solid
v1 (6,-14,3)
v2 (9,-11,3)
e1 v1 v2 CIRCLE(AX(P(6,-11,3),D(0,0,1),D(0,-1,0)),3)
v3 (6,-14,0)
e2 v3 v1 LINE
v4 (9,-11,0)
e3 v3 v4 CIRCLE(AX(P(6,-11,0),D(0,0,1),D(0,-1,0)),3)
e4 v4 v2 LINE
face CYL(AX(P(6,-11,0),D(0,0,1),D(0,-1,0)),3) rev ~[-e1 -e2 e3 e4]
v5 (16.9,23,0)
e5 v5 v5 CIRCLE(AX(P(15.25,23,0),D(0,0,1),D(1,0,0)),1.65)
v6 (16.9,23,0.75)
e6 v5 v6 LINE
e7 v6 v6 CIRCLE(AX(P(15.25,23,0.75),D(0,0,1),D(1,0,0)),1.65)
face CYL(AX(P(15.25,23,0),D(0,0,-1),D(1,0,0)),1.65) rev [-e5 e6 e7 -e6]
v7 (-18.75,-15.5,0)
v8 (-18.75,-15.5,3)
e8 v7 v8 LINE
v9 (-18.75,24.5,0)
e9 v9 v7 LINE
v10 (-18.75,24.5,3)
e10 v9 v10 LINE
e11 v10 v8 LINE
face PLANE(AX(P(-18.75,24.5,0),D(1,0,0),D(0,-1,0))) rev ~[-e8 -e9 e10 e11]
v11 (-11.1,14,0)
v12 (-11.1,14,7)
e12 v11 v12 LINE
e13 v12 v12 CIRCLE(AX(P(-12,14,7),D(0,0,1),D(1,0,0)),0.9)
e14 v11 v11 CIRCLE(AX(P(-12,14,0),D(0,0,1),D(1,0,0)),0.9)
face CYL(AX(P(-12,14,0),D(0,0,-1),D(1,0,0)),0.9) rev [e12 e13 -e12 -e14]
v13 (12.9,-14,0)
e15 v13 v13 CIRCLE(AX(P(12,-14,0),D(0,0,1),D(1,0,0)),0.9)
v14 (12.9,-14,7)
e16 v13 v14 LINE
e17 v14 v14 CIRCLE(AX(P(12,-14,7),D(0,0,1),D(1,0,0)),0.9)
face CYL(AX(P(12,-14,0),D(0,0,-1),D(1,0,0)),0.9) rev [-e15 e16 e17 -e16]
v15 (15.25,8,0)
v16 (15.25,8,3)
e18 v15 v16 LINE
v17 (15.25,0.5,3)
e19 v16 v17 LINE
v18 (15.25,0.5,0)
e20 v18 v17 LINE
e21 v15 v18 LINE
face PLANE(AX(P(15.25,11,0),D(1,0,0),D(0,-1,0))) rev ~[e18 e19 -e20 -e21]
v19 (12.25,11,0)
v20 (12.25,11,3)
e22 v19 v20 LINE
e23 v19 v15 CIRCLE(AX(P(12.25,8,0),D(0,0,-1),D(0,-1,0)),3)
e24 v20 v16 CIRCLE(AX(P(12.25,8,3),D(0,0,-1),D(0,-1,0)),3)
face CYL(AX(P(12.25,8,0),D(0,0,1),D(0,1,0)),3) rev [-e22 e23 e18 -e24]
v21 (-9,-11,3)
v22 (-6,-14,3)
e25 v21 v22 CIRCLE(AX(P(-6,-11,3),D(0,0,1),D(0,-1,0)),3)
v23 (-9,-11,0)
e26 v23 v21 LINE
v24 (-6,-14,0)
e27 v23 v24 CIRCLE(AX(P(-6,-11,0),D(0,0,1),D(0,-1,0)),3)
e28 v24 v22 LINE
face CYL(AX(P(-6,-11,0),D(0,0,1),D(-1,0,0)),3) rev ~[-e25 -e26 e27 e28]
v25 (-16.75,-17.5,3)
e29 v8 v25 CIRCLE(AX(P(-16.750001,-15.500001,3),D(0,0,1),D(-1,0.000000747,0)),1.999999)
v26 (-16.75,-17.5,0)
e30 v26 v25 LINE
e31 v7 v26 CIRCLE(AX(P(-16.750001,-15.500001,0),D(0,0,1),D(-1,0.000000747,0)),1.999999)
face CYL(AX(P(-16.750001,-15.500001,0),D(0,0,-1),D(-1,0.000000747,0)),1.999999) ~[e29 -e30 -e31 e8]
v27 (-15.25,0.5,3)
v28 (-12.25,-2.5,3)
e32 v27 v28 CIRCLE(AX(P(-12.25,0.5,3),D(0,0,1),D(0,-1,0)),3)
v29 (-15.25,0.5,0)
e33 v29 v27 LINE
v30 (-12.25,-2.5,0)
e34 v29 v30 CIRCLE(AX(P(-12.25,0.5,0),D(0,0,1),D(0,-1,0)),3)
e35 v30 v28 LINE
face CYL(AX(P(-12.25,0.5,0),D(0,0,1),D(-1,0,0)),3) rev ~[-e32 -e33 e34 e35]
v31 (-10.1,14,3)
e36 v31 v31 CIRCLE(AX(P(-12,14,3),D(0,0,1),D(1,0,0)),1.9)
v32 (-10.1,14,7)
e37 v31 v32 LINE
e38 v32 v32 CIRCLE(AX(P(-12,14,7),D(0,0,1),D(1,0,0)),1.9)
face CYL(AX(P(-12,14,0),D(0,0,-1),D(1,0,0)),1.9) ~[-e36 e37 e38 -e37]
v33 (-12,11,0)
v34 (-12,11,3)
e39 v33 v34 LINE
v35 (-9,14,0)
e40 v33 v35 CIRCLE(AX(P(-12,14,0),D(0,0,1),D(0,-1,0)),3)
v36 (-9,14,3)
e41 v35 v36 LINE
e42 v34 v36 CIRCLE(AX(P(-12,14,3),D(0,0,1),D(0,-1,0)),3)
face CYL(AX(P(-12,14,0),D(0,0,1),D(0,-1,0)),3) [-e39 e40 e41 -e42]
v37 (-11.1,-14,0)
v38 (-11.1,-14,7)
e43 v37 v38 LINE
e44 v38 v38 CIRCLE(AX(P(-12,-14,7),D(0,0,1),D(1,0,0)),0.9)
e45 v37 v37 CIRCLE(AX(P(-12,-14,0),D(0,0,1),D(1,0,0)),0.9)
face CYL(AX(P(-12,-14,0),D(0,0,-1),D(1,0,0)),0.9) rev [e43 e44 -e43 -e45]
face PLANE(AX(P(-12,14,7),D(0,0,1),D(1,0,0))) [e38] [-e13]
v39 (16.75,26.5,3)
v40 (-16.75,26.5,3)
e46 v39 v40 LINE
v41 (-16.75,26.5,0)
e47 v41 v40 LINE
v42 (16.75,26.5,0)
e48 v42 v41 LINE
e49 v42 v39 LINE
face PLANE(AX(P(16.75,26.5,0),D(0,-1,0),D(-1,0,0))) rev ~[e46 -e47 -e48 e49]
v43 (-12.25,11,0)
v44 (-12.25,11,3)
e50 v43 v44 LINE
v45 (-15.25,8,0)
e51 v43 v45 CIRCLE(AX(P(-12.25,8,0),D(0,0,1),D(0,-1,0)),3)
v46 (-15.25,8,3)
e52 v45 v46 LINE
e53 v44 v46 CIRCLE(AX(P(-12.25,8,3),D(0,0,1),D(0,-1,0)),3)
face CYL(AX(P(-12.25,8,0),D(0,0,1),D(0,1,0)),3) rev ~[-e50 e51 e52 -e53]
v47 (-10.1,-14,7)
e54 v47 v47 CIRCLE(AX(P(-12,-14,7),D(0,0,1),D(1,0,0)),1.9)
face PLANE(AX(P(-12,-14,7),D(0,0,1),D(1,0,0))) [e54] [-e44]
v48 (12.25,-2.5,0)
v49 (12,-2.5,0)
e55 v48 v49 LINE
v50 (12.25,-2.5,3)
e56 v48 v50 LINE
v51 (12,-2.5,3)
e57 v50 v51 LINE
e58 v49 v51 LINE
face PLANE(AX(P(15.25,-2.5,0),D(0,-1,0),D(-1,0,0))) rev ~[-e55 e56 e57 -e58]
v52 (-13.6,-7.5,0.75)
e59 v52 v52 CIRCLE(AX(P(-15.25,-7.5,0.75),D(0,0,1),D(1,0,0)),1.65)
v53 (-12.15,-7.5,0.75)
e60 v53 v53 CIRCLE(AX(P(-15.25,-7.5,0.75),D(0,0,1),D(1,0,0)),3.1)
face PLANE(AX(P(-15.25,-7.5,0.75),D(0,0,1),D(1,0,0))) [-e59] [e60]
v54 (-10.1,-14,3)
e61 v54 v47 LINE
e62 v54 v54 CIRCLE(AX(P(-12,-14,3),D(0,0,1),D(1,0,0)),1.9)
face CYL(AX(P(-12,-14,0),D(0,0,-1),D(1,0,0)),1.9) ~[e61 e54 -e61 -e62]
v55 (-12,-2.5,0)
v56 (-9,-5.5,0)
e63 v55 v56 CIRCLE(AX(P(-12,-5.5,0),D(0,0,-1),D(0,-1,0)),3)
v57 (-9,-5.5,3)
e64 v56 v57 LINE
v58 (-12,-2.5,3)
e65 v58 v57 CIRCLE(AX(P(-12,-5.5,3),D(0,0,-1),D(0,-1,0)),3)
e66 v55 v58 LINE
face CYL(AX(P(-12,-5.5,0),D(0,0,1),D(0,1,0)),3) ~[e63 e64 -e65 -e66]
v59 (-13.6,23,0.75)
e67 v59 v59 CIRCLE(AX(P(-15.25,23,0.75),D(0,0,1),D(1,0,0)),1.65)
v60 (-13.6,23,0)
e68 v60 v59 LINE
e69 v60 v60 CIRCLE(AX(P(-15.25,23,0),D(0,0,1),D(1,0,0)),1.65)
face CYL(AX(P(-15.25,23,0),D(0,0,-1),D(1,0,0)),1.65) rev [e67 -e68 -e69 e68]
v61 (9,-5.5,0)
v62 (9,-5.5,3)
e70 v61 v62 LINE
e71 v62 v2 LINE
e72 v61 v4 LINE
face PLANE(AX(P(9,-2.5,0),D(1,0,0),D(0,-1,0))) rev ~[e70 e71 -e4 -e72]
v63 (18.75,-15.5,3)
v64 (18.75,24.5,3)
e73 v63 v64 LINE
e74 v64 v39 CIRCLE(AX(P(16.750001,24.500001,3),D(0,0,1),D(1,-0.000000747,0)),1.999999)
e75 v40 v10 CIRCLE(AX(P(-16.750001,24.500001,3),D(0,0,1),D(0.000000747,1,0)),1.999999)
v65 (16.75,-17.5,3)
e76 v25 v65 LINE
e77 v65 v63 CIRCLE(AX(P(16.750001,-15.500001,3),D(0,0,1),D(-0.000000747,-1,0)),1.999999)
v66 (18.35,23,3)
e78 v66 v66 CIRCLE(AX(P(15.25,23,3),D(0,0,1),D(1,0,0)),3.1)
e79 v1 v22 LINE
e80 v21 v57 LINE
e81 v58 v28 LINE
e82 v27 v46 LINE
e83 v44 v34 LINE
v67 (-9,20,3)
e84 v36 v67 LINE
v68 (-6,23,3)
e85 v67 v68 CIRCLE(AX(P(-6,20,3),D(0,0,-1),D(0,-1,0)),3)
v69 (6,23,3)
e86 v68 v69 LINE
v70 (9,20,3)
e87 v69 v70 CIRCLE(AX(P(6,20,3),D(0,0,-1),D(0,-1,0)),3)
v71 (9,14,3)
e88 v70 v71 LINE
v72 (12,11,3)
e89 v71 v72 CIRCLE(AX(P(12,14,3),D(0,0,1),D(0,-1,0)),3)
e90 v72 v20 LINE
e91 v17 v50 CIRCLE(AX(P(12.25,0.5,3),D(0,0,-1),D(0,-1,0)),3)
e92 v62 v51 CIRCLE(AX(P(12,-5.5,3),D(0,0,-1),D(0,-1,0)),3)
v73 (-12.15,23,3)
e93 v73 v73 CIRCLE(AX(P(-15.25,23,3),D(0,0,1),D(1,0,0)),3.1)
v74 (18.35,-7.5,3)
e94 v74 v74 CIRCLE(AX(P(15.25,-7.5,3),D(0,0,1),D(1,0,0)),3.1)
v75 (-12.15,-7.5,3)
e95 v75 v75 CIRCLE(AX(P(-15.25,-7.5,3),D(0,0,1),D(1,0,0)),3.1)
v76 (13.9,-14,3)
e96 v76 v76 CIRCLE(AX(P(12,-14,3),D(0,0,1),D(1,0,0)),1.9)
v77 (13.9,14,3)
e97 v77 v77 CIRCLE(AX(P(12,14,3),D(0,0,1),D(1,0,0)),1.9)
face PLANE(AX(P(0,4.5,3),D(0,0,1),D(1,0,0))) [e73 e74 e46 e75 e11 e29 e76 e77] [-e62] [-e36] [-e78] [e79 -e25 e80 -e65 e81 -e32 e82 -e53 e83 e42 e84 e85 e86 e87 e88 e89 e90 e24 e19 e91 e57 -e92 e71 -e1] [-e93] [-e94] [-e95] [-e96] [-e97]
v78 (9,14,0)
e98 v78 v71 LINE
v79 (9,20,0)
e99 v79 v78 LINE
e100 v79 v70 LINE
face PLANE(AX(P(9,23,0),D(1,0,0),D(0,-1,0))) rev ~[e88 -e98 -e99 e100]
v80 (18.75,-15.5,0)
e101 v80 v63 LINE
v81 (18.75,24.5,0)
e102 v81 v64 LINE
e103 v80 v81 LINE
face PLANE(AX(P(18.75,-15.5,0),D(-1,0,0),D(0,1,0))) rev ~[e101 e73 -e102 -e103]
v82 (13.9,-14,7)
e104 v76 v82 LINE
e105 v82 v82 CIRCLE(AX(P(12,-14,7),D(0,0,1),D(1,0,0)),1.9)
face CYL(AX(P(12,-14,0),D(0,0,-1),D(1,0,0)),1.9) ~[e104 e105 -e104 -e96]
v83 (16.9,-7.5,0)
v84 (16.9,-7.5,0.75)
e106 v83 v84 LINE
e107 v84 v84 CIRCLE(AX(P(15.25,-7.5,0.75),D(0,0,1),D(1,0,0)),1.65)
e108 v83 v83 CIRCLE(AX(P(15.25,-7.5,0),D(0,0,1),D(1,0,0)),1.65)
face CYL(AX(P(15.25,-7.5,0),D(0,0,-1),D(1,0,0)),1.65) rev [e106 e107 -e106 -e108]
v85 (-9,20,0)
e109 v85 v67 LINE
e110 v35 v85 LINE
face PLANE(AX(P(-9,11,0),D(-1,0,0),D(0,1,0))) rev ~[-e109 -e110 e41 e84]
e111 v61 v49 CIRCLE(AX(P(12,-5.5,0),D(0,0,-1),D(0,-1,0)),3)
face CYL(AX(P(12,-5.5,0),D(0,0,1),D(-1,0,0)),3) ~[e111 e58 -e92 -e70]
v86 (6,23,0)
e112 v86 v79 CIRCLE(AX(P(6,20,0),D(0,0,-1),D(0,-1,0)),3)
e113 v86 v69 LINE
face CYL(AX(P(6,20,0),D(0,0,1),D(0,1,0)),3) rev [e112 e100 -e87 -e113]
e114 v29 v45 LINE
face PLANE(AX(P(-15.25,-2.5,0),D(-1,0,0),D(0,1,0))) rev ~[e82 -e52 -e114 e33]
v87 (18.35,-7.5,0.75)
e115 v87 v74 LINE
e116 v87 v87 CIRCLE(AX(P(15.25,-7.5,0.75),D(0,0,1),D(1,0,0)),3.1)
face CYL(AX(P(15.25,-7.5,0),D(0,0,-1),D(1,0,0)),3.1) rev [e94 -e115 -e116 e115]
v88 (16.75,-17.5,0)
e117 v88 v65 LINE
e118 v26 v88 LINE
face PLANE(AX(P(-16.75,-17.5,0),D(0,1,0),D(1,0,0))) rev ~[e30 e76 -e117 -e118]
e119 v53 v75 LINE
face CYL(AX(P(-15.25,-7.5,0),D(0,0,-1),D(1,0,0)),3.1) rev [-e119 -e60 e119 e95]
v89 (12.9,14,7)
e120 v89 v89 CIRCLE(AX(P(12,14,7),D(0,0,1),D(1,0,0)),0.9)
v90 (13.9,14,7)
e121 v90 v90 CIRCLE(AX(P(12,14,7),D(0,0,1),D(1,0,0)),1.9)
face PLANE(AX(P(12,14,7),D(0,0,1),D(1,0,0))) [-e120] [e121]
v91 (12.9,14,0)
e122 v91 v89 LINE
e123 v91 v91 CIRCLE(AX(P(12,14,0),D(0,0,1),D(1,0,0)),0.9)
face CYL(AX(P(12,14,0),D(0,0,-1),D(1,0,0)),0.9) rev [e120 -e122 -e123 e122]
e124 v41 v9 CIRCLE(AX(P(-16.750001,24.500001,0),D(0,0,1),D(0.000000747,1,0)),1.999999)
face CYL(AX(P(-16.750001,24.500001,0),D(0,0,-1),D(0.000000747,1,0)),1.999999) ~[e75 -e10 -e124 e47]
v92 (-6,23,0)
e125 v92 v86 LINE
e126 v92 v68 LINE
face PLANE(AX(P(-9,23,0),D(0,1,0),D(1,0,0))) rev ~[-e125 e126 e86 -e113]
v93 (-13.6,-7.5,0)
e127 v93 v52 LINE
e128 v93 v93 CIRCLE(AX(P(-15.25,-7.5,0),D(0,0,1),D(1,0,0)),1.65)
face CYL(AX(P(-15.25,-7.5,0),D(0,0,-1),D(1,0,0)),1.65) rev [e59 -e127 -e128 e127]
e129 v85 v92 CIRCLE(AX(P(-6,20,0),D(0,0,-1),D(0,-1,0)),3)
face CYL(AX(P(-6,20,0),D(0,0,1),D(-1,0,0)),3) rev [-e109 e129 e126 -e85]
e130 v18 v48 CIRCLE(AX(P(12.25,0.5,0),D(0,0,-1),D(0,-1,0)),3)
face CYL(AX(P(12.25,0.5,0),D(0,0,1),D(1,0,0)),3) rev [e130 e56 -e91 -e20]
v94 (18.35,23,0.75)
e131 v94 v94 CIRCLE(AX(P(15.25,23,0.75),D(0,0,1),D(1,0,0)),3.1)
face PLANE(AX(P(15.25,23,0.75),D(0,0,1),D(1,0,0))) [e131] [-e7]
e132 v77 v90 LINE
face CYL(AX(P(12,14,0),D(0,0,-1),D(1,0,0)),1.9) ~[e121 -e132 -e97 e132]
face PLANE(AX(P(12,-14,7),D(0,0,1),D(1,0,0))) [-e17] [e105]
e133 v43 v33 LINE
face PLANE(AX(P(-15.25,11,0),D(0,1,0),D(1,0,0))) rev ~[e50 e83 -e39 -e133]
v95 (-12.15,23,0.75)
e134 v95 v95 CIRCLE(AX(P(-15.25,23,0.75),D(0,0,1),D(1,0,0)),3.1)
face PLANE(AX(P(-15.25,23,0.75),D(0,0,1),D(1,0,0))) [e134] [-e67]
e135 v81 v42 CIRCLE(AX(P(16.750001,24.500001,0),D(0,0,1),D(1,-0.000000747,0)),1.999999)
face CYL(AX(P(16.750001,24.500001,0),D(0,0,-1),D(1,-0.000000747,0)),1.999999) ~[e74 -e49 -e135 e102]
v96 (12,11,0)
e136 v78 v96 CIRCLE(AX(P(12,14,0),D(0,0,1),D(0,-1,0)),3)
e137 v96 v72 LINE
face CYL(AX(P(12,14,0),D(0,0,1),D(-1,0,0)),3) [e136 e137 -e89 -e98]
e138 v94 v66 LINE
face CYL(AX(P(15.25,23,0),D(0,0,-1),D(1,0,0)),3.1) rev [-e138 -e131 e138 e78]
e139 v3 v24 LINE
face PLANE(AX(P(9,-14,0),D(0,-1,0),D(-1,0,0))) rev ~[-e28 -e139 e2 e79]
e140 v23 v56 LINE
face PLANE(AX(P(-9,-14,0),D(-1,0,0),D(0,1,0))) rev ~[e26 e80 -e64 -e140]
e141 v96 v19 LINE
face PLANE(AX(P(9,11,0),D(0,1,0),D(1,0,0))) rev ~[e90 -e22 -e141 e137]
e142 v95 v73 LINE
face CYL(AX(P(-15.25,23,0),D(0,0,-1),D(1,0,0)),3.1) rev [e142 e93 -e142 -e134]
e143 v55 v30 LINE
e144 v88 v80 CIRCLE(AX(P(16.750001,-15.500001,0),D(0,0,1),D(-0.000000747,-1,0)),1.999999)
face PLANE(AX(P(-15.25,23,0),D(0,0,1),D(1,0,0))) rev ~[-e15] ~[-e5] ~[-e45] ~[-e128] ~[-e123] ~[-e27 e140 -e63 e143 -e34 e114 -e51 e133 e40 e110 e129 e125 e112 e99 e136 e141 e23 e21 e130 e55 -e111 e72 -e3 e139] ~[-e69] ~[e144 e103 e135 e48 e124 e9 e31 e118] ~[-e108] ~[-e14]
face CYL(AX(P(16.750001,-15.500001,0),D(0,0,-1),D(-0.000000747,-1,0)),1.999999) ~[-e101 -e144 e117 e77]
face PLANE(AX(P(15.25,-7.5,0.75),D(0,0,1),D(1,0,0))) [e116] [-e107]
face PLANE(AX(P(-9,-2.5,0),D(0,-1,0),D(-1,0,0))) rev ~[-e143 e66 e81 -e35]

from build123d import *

# Parameters (mm, degrees)
F0_R     = 1.9
F0_R_2   = 3.1
F1_DEPTH = 3
F0_R_3   = 1.65
F2_DEPTH = 0.75
F0_R_4   = 0.9
F3_DEPTH = 7
F4_R     = 3


with BuildPart() as f1:
    # F0 (on Top) → F1 (new body)
    with BuildSketch(Plane.XY):
        with BuildLine():
            ThreePointArc((-16.75, 26.5), (-18.164214, 25.914214), (-18.75, 24.5))
            Line((-18.75, 24.5), (-18.75, -15.5))
            ThreePointArc((-18.75, -15.5), (-18.164214, -16.914214), (-16.75, -17.5))
            Line((-16.75, -17.5), (16.75, -17.5))
            ThreePointArc((16.75, -17.5), (18.164214, -16.914214), (18.75, -15.5))
            Line((18.75, -15.5), (18.75, 24.5))
            ThreePointArc((18.75, 24.5), (18.164214, 25.914214), (16.75, 26.5))
            Line((16.75, 26.5), (-16.75, 26.5))
        make_face()
        with Locations((-12, -14)):
            Circle(F0_R, mode=Mode.SUBTRACT)
        with Locations((-15.25, -7.5)):
            Circle(F0_R_2, mode=Mode.SUBTRACT)
        with Locations((12, -14)):
            Circle(F0_R, mode=Mode.SUBTRACT)
        with Locations((15.25, -7.5)):
            Circle(F0_R_2, mode=Mode.SUBTRACT)
        with Locations((-12, 14)):
            Circle(F0_R, mode=Mode.SUBTRACT)
        with Locations((-15.25, 23)):
            Circle(F0_R_2, mode=Mode.SUBTRACT)
        Polygon((-9, 11), (-9, 14), (-9, 23), (9, 23), (9, 14), (9, 11), (15.25, 11), (15.25, -2.5), (9.75, -2.5), (9, -2.5), (9, -14), (-9, -14), (-9, -2.5), (-9.75, -2.5), (-15.25, -2.5), (-15.25, 11), align=None, mode=Mode.SUBTRACT)
        with Locations((12, 14)):
            Circle(F0_R, mode=Mode.SUBTRACT)
        with Locations((15.25, 23)):
            Circle(F0_R_2, mode=Mode.SUBTRACT)
    extrude(amount=F1_DEPTH)

    # F0 (on Top) → F2 (join)
    with BuildSketch(Plane.XY):
        with Locations((-15.25, 23)):
            Circle(F0_R_2)
        with Locations((-15.25, 23)):
            Circle(F0_R_3, mode=Mode.SUBTRACT)
        with Locations((15.25, 23)):
            Circle(F0_R_2)
        with Locations((15.25, 23)):
            Circle(F0_R_3, mode=Mode.SUBTRACT)
        with Locations((15.25, -7.5)):
            Circle(F0_R_2)
        with Locations((15.25, -7.5)):
            Circle(F0_R_3, mode=Mode.SUBTRACT)
        with Locations((-15.25, -7.5)):
            Circle(F0_R_2)
        with Locations((-15.25, -7.5)):
            Circle(F0_R_3, mode=Mode.SUBTRACT)
    extrude(amount=F2_DEPTH)

    # F0 (on Top) → F3 (join)
    with BuildSketch(Plane.XY):
        with Locations((-12, 14)):
            Circle(F0_R)
        with Locations((-12, 14)):
            Circle(F0_R_4, mode=Mode.SUBTRACT)
        with Locations((12, 14)):
            Circle(F0_R)
        with Locations((12, 14)):
            Circle(F0_R_4, mode=Mode.SUBTRACT)
        with Locations((12, -14)):
            Circle(F0_R)
        with Locations((12, -14)):
            Circle(F0_R_4, mode=Mode.SUBTRACT)
        with Locations((-12, -14)):
            Circle(F0_R)
        with Locations((-12, -14)):
            Circle(F0_R_4, mode=Mode.SUBTRACT)
    extrude(amount=F3_DEPTH)

    # F4
    f4_edges = [f1.edges().sort_by_distance(p)[0] for p in [
        (-15.25, 11, 1.5),
        (-9, 23, 1.5),
        (-9, 11, 1.5),
        (9, 23, 1.5),
        (9, 11, 1.5),
        (15.25, 11, 1.5),
        (15.25, -2.5, 1.5),
        (9, -2.5, 1.5),
        (9, -14, 1.5),
        (-9, -2.5, 1.5),
        (-9, -14, 1.5),
        (-15.25, -2.5, 1.5),
    ]]
    fillet(f4_edges, radius=F4_R)


solid = f1.part
